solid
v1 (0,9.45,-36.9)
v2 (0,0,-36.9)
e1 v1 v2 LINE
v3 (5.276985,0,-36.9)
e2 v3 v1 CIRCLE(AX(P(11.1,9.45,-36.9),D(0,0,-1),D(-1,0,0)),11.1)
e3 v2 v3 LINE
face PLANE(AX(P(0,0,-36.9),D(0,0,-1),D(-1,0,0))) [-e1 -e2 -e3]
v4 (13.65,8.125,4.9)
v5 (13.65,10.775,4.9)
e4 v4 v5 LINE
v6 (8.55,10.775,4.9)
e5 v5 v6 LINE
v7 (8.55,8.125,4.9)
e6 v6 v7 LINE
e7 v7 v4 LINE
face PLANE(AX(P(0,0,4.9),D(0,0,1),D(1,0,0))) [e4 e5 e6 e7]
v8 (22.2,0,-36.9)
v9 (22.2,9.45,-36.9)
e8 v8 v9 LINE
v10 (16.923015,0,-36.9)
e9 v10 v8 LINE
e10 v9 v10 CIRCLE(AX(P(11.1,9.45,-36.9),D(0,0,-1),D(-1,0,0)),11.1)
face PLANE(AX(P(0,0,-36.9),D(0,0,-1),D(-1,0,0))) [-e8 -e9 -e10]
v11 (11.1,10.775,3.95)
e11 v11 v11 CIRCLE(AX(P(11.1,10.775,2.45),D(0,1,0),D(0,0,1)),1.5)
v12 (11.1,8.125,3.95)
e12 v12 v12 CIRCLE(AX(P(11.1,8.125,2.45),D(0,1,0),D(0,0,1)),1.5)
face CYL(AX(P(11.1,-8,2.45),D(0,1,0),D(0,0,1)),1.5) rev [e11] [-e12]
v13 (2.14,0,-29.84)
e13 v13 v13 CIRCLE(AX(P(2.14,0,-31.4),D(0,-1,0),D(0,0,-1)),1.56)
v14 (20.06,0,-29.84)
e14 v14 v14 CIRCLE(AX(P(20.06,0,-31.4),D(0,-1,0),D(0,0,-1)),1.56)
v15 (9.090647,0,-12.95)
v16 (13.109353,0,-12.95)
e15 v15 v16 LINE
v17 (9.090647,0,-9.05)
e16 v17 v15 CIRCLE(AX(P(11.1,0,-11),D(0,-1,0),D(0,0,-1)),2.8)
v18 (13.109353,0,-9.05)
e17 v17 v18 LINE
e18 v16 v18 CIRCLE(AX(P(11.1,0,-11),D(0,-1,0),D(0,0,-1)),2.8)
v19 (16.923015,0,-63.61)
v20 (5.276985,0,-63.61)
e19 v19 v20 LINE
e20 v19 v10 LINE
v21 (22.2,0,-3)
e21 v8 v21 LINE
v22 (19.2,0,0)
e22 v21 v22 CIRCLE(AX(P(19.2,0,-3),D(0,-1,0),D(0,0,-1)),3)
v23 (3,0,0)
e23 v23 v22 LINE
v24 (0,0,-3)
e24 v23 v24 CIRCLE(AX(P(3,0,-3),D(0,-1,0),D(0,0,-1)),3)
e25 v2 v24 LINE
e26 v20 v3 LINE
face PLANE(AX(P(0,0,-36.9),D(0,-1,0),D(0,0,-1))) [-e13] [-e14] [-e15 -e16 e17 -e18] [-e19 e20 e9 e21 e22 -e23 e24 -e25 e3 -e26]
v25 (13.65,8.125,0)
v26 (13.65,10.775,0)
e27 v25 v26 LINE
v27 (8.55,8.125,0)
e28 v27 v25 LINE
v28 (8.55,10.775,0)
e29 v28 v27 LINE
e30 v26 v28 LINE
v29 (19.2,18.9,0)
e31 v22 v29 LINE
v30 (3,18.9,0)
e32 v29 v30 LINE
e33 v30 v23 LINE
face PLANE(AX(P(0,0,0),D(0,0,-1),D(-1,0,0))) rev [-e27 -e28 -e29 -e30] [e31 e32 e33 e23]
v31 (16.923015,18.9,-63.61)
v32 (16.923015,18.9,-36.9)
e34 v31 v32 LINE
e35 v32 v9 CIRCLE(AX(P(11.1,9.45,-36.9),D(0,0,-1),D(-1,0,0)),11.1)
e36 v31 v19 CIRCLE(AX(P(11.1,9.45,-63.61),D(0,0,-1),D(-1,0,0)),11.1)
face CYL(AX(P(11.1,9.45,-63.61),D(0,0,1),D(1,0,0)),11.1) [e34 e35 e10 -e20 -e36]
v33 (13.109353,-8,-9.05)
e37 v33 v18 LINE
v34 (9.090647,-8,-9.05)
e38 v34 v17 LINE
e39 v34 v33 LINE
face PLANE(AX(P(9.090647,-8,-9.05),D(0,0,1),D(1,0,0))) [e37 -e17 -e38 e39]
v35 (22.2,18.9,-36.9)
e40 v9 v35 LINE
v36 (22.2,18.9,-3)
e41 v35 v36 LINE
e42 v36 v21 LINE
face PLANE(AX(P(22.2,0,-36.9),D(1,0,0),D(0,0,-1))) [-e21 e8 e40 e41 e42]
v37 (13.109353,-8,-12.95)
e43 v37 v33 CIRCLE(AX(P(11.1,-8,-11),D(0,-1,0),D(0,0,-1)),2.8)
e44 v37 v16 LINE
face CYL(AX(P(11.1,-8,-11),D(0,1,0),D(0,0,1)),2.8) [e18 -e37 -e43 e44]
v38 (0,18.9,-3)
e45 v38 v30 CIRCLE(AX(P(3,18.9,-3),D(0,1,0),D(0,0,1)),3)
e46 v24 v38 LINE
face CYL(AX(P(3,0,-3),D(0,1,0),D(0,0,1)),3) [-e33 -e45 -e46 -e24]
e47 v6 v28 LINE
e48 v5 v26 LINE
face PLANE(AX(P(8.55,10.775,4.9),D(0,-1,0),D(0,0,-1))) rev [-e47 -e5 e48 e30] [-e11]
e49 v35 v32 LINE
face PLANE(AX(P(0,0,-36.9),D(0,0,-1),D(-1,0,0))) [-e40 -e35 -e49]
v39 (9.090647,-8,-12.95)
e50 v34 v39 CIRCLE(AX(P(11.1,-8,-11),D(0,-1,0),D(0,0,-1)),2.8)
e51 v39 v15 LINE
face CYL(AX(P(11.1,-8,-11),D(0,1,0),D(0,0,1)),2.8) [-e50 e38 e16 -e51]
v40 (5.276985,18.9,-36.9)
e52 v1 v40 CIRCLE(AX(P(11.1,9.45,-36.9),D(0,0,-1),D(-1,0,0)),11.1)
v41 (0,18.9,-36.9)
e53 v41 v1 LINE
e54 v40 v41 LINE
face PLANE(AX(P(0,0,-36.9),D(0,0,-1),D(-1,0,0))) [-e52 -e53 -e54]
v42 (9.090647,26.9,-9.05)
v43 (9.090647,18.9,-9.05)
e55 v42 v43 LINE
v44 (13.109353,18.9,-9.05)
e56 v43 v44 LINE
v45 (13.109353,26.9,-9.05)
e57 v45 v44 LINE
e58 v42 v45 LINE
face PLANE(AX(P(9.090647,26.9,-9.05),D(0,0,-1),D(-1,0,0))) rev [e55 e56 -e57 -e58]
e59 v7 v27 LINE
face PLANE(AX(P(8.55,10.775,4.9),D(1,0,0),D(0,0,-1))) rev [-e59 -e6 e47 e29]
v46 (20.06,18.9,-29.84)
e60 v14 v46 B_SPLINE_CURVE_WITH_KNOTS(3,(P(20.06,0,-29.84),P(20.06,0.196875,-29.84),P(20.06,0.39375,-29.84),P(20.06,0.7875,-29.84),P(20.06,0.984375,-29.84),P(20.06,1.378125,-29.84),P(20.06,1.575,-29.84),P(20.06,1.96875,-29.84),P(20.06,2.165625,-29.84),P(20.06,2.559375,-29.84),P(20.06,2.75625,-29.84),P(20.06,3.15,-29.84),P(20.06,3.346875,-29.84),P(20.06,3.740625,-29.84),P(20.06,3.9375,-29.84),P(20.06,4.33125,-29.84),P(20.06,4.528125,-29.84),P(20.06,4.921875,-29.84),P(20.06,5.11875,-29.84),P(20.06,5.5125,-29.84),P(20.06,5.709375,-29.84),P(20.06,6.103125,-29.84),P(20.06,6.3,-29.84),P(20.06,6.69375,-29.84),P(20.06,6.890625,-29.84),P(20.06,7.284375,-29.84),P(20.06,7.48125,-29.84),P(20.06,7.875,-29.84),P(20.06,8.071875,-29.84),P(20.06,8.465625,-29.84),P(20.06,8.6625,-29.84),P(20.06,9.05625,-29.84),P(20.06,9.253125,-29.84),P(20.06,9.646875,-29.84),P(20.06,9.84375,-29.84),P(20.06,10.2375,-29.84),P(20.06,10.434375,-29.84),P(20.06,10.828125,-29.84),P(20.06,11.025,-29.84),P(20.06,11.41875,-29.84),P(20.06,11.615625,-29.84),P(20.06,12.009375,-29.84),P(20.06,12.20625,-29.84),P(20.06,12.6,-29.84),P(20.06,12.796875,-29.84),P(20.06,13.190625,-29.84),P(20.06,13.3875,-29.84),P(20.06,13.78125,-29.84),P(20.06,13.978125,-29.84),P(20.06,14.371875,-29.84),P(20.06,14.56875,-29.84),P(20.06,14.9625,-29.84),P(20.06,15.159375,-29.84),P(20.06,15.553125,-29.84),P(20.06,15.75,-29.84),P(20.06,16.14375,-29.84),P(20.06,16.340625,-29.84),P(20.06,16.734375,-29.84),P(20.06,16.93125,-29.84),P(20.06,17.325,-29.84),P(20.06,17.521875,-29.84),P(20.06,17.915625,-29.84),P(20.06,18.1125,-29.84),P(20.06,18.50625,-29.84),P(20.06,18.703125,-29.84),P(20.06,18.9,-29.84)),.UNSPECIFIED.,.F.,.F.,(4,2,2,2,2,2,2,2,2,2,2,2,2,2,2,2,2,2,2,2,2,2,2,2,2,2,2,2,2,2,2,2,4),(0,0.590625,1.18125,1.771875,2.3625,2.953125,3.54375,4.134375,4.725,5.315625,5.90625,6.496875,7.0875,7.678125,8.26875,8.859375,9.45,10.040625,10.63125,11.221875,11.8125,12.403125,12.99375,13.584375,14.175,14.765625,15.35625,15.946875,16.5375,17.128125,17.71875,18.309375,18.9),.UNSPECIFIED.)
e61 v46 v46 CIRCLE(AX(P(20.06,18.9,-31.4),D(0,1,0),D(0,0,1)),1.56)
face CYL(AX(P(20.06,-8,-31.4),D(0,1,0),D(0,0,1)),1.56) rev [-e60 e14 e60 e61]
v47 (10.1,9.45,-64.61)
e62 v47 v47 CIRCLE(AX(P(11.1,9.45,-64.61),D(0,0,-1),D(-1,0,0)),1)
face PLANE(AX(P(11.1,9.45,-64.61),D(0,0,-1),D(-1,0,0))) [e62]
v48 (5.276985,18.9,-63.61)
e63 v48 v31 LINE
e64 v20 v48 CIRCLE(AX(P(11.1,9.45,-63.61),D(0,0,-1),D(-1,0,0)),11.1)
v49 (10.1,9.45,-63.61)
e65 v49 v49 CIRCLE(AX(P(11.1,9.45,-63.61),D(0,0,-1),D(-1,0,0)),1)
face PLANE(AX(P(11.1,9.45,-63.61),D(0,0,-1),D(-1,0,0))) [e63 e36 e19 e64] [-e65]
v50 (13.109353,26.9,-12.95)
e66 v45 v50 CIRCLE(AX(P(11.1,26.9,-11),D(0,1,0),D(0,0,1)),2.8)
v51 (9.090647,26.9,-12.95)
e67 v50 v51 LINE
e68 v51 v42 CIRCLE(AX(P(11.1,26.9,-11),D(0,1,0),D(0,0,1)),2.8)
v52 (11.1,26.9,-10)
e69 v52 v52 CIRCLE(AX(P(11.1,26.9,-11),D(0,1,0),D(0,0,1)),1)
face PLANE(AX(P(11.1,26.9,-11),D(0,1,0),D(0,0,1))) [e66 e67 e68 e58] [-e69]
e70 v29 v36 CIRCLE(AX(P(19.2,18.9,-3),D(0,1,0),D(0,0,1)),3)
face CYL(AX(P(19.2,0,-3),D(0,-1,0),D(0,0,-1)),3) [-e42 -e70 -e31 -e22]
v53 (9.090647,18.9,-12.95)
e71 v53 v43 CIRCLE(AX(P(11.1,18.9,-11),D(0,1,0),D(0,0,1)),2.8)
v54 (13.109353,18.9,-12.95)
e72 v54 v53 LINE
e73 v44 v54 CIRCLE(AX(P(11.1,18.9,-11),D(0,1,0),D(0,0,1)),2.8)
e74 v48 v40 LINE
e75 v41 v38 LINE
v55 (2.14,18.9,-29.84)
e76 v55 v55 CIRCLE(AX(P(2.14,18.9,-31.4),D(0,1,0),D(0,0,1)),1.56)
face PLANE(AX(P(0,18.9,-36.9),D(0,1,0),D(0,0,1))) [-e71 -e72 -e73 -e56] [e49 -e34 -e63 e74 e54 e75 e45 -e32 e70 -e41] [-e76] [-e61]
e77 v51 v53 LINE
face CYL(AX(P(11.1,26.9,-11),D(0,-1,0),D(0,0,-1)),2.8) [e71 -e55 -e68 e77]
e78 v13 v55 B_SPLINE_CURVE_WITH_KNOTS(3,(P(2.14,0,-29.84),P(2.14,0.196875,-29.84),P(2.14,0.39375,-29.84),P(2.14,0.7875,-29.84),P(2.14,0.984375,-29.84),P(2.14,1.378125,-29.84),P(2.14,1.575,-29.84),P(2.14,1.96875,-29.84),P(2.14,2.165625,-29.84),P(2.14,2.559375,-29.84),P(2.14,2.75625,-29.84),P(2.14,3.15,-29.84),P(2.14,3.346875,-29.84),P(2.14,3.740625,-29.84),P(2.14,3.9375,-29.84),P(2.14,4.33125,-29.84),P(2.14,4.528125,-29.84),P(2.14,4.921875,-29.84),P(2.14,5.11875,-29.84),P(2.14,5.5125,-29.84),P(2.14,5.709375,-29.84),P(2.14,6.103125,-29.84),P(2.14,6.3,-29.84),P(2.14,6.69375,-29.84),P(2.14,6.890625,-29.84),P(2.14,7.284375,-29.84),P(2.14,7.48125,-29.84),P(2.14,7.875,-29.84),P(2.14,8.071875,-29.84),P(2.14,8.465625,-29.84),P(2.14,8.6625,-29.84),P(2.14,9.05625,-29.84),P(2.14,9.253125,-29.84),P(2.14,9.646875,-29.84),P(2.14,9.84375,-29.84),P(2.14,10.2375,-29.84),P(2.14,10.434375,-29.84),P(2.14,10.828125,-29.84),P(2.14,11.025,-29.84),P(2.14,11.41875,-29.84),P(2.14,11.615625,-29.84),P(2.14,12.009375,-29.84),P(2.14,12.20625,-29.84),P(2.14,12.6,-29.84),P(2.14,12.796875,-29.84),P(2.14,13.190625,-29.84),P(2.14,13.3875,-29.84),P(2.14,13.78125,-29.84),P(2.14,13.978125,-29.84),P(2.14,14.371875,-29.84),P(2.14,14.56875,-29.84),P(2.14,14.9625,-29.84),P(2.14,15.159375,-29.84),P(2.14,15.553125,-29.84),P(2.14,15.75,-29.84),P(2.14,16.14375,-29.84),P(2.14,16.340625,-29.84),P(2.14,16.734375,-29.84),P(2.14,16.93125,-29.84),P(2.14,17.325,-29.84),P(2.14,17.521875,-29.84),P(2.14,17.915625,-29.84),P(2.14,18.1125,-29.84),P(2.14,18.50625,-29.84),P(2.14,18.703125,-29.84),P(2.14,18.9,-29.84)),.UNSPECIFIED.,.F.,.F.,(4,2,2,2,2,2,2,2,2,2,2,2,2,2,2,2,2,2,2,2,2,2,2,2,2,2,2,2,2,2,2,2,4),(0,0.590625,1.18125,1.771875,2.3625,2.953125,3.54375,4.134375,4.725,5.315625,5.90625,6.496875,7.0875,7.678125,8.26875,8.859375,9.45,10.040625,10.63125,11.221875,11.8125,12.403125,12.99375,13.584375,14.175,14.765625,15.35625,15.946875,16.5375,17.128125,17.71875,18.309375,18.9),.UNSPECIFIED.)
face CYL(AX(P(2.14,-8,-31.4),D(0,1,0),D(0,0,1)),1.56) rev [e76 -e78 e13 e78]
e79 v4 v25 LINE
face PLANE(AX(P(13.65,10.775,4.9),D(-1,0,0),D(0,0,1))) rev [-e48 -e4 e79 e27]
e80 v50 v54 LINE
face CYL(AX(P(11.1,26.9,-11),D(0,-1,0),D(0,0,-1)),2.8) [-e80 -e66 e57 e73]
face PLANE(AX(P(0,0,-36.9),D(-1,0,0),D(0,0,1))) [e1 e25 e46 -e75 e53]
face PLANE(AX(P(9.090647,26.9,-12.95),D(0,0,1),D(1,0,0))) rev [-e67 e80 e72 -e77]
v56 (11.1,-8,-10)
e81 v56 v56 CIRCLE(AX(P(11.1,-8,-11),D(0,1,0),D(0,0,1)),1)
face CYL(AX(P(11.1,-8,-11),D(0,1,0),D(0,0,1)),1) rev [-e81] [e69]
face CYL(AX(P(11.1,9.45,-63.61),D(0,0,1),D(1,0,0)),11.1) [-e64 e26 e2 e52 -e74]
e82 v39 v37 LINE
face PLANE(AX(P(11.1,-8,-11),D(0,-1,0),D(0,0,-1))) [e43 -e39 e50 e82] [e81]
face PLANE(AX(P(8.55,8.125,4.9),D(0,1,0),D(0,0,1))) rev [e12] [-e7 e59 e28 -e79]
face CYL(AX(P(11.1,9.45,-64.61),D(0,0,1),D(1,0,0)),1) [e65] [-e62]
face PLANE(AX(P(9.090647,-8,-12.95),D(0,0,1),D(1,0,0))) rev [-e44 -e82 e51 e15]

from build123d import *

# Parameters (mm, degrees)
SKETCH1_W           = 22.2
SKETCH1_H           = 18.9
BOSS_EXTRUDE1_DEPTH = 36.9
SKETCH2_W           = 5.1
SKETCH2_H           = 2.65
BOSS_EXTRUDE2_DEPTH = 4.9
BOSS_EXTRUDE3_DEPTH = 26.71
SKETCH4_R           = 1
BOSS_EXTRUDE4_DEPTH = 1
BOSS_EXTRUDE5_DEPTH = 8
BOSS_EXTRUDE6_START = 8
BOSS_EXTRUDE6_DEPTH = 8
SKETCH8_R           = 1.5
CUT_EXTRUDE1_DEPTH  = 71.850495588
SKETCH9_R           = 1
CUT_EXTRUDE2_DEPTH  = 77.715722639
SKETCH10_R          = 1.56
CUT_EXTRUDE3_DEPTH  = 74.422762819
FILLET1_R           = 3


with BuildPart() as part:
    # Sketch1 → Boss-Extrude1 (new body)
    with BuildSketch(Plane.XY):
        with Locations((11.1, 9.45)):
            Rectangle(SKETCH1_W, SKETCH1_H)
    extrude(amount=-BOSS_EXTRUDE1_DEPTH)

    # Sketch2 → Boss-Extrude2 (add)
    with BuildSketch(Plane.XY):
        with Locations((11.1, 9.45)):
            Rectangle(SKETCH2_W, SKETCH2_H)
    extrude(amount=BOSS_EXTRUDE2_DEPTH)

    # Sketch3 → Boss-Extrude3 (add)
    with BuildSketch(Plane(origin=(0, 0, -36.9), x_dir=(-1, 0, 0), z_dir=(0, 0, -1))):
        with BuildLine():
            Line((-16.923014683, 18.9), (-5.276985317, 18.9))
            ThreePointArc((-5.276985317, 18.9), (0, 9.45), (-5.276985317, 0))
            Line((-5.276985317, 0), (-16.923014683, 0))
            ThreePointArc((-16.923014683, 0), (-22.2, 9.45), (-16.923014683, 18.9))
        make_face()
    extrude(amount=BOSS_EXTRUDE3_DEPTH)

    # Sketch4 → Boss-Extrude4 (add)
    with BuildSketch(Plane(origin=(0, 0, -63.61), x_dir=(-1, 0, 0), z_dir=(0, 0, -1))):
        with Locations((-11.1, 9.45)):
            Circle(SKETCH4_R)
    extrude(amount=BOSS_EXTRUDE4_DEPTH)

    # Sketch5 → Boss-Extrude5 (add)
    with BuildSketch(Plane(origin=(0, 18.9, 0), x_dir=(1, 0, 0), z_dir=(0, 1, 0))):
        with BuildLine():
            Line((9.09064687, 12.95), (13.10935313, 12.95))
            ThreePointArc((13.10935313, 12.95), (13.9, 11), (13.10935313, 9.05))
            Line((13.10935313, 9.05), (9.09064687, 9.05))
            ThreePointArc((9.09064687, 9.05), (8.3, 11), (9.09064687, 12.95))
        make_face()
    extrude(amount=BOSS_EXTRUDE5_DEPTH)

    # Sketch6 → Boss-Extrude6 (add)
    with BuildSketch(Plane.XZ.offset(BOSS_EXTRUDE6_START)):
        with BuildLine():
            Line((9.09064687, -9.05), (13.10935313, -9.05))
            ThreePointArc((13.10935313, -9.05), (13.9, -11), (13.10935313, -12.95))
            Line((13.10935313, -12.95), (9.09064687, -12.95))
            ThreePointArc((9.09064687, -12.95), (8.3, -11), (9.09064687, -9.05))
        make_face()
    extrude(amount=-BOSS_EXTRUDE6_DEPTH)

    # Sketch8 → Cut-Extrude1 (cut, through all)
    with BuildSketch(Plane(origin=(0, 10.775, 0), x_dir=(1, 0, 0), z_dir=(0, 1, 0))):
        with Locations(Location((11.1, -2.45, 0), (0, 0, 270))):
            Circle(SKETCH8_R)
    extrude(amount=-CUT_EXTRUDE1_DEPTH, mode=Mode.SUBTRACT)

    # Sketch9 → Cut-Extrude2 (cut, through all)
    with BuildSketch(Plane(origin=(0, 26.9, 0), x_dir=(1, 0, 0), z_dir=(0, 1, 0))):
        with Locations(Location((11.1, 11, 0), (0, 0, 270))):
            Circle(SKETCH9_R)
    extrude(amount=-CUT_EXTRUDE2_DEPTH, mode=Mode.SUBTRACT)

    # Sketch10 → Cut-Extrude3 (cut, through all)
    with BuildSketch(Plane(origin=(0, 18.9, 0), x_dir=(1, 0, 0), z_dir=(0, 1, 0))):
        with Locations(Location((2.14, 31.4, 0), (0, 0, 270))):
            Circle(SKETCH10_R)
        with Locations(Location((20.06, 31.4, 0), (0, 0, 270))):
            Circle(SKETCH10_R)
    extrude(amount=-CUT_EXTRUDE3_DEPTH, mode=Mode.SUBTRACT)

    # Fillet1
    fillet1_edges = [part.edges().sort_by_distance(p)[0] for p in [
        (22.2, 9.45, 0),
        (0, 9.45, 0),
    ]]
    fillet(fillet1_edges, radius=FILLET1_R)


solid = part.part
